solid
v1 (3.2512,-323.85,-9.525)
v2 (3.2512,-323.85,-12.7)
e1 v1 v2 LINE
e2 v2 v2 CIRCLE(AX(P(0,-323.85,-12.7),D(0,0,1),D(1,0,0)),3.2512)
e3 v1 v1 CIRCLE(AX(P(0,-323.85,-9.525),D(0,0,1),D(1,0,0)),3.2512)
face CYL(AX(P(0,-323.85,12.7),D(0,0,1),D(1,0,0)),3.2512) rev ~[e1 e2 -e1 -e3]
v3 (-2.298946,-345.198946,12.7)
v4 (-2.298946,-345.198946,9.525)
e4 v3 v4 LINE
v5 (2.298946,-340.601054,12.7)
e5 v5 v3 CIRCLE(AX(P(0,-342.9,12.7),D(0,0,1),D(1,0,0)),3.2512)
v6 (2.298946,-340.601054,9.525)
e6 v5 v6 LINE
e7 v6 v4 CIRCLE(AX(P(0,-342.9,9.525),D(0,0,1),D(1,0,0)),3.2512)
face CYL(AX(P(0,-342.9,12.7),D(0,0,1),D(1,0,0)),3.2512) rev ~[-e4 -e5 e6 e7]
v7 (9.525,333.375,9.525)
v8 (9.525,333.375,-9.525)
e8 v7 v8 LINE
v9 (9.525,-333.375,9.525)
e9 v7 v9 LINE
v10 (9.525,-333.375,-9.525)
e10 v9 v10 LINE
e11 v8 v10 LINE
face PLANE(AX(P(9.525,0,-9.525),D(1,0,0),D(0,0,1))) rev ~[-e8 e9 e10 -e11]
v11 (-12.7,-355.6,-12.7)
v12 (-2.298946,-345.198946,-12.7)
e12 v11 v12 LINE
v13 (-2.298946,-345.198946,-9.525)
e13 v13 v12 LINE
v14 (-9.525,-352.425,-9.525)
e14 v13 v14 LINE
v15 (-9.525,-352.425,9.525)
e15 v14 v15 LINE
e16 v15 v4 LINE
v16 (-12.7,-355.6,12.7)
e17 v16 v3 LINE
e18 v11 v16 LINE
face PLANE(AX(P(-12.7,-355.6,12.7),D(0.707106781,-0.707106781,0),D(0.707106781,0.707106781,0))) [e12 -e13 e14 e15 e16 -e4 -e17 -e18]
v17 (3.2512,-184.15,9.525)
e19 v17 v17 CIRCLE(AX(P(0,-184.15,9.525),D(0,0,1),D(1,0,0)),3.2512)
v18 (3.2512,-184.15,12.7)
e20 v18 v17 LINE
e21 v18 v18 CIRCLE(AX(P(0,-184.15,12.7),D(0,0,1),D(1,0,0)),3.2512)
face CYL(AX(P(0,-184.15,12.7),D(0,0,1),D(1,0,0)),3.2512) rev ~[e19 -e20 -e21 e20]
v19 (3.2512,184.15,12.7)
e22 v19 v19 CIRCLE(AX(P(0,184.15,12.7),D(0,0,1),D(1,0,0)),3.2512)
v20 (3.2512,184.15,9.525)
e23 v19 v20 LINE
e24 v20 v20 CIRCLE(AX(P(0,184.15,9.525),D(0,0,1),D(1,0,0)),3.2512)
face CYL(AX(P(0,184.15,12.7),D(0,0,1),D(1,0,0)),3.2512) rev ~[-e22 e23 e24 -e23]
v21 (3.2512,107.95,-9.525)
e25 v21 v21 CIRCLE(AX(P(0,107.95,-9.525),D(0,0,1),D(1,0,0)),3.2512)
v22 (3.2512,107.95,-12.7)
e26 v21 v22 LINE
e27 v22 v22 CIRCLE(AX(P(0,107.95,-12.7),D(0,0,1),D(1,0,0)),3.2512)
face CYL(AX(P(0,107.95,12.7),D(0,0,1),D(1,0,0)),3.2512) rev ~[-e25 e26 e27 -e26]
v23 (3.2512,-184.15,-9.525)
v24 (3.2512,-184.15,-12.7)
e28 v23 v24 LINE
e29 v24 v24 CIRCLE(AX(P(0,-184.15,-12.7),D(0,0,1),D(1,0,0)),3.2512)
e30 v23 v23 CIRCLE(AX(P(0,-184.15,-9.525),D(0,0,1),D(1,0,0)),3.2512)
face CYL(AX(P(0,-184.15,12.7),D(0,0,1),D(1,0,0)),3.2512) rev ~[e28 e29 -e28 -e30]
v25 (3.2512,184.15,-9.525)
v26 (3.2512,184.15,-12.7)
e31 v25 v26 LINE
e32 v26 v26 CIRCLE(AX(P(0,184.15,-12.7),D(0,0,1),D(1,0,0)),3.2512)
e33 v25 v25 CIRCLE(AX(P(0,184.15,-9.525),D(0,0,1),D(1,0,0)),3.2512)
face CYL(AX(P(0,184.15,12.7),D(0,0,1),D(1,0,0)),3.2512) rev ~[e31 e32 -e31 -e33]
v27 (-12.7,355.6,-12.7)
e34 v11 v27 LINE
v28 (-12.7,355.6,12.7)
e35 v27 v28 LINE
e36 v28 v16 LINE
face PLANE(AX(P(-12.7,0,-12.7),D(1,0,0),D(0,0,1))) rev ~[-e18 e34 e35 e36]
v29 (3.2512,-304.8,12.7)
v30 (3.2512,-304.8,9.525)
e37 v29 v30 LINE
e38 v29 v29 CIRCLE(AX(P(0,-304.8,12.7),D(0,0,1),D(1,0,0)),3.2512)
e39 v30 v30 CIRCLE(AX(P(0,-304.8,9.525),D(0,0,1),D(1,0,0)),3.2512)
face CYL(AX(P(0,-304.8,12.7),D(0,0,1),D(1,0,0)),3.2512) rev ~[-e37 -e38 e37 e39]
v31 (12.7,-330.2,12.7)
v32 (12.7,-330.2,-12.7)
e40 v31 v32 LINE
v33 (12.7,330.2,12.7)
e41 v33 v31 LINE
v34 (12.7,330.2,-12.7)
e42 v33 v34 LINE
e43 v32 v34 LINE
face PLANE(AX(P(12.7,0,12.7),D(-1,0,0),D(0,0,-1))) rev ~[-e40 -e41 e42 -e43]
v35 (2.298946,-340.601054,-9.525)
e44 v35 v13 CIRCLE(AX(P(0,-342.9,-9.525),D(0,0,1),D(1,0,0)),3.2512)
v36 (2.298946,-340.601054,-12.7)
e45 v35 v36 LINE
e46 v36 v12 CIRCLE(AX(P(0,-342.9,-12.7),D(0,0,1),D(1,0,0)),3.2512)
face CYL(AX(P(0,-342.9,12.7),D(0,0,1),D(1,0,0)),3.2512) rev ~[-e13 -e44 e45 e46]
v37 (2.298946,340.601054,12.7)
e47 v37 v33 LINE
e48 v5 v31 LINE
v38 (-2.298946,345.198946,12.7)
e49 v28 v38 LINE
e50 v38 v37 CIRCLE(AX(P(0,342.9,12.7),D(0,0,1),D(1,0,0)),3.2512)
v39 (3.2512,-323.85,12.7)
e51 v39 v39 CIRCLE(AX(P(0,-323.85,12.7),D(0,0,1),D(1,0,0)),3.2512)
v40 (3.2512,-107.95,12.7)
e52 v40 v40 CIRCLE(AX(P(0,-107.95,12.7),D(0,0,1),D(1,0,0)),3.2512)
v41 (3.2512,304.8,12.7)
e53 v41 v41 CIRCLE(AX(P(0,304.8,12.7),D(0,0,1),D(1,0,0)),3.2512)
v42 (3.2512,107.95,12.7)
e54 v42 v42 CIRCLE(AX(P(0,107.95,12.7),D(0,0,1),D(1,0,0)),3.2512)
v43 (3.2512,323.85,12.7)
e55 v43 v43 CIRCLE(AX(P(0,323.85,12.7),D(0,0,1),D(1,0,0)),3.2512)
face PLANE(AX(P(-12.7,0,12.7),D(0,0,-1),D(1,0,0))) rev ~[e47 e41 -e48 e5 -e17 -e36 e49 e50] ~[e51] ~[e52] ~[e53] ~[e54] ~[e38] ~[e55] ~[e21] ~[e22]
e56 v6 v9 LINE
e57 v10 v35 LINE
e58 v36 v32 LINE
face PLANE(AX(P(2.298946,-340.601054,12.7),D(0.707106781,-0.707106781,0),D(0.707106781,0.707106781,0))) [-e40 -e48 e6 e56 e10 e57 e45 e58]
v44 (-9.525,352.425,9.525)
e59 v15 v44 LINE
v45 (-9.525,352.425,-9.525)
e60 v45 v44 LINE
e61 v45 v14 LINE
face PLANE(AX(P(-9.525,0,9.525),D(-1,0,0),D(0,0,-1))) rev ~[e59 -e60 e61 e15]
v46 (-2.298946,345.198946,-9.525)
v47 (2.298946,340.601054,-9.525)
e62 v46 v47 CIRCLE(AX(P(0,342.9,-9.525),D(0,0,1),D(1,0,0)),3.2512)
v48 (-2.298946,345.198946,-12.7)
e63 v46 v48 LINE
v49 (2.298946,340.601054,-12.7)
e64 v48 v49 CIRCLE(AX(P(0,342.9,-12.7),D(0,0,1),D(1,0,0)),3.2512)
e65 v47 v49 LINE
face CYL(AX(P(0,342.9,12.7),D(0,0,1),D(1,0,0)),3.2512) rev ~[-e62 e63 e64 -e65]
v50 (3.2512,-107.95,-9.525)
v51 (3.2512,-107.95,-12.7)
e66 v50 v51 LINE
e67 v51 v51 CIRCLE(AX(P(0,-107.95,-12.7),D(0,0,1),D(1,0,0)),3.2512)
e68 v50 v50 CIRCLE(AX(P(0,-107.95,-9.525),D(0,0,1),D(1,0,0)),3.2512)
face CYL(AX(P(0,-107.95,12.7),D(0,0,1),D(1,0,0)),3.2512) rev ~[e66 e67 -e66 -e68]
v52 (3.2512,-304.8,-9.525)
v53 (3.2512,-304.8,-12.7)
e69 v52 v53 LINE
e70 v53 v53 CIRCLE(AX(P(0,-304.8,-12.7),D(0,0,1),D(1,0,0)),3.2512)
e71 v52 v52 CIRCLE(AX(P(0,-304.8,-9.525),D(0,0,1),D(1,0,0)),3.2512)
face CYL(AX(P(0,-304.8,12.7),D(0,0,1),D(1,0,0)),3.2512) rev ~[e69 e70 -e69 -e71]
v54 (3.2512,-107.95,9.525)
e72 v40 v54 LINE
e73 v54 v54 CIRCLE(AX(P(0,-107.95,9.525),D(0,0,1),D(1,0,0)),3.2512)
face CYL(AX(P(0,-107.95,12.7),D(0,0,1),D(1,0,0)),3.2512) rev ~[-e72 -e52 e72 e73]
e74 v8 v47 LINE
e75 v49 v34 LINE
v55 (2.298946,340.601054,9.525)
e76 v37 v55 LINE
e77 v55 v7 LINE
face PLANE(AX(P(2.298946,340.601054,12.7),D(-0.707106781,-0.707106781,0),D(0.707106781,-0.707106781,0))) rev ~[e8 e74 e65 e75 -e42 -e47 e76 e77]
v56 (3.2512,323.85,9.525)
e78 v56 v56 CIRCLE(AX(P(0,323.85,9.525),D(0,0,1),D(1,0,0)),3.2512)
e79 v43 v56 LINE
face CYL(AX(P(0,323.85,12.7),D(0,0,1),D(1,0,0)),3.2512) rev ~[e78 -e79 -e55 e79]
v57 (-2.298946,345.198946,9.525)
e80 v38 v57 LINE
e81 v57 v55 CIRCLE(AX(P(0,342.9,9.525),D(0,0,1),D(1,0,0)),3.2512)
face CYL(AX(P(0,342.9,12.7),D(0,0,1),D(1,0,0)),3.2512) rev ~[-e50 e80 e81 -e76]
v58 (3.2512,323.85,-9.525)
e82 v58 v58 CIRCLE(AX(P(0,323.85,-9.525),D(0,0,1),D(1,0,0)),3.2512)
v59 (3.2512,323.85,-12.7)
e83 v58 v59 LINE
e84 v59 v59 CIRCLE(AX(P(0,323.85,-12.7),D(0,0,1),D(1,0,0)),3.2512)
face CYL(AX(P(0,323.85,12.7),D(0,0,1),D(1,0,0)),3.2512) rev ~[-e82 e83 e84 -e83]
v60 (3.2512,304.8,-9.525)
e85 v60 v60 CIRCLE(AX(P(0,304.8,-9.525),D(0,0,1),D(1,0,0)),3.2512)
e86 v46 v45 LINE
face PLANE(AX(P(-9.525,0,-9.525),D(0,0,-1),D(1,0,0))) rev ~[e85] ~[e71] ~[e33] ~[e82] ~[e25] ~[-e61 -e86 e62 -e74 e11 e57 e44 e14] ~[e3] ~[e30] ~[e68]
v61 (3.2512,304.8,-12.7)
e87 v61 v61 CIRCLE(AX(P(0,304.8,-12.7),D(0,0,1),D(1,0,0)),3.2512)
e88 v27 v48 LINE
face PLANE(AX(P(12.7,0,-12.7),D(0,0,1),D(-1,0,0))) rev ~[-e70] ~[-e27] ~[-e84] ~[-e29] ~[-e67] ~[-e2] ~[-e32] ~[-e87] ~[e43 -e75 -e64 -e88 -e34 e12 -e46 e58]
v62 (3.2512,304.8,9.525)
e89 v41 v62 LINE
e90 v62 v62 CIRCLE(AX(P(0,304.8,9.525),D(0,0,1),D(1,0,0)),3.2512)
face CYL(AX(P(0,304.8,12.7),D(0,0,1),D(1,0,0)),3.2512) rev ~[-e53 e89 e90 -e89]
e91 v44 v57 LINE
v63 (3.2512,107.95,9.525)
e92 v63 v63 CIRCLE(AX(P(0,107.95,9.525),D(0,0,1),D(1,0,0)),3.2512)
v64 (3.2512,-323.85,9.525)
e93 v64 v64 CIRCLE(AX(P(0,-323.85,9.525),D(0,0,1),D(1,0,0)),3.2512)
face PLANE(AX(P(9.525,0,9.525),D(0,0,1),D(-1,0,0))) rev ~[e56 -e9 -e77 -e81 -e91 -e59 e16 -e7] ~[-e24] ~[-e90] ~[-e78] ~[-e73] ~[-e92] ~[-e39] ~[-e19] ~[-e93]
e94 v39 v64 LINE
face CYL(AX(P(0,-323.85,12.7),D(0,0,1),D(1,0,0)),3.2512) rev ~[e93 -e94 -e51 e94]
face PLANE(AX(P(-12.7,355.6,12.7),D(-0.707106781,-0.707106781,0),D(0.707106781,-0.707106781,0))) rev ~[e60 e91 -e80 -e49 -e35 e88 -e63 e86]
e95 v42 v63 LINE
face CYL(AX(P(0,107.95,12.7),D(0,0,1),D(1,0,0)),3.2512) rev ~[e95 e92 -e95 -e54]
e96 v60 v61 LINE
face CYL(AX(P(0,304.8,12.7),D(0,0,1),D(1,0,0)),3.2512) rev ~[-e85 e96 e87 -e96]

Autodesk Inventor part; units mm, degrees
ref_plane "YZ Plane" through (0, 0, 0) normal (1, 0, 0) x (0, 1, 0)
ref_plane "XZ Plane" through (0, 0, 0) normal (0, 1, 0) x (-1, 0, 0)
ref_plane "XY Plane" through (0, 0, 0) normal (0, 0, 1) x (1, 0, 0)
sketch "Sketch1" plane through (0, 0, 0) normal (0, 1, 0) x (-1, 0, 0)
  line L0 (-12.7, -12.7) -> (12.7, -12.7)
  line L1 (12.7, -12.7) -> (12.7, 12.7)
  line L2 (12.7, 12.7) -> (-12.7, 12.7)
  line L3 (-12.7, 12.7) -> (-12.7, -12.7)
  line L4 (-12.7, -12.7) -> (12.7, 12.7) construction
  line L5 (12.7, -12.7) -> (-12.7, 12.7) construction
  line L6 (9.525, 9.525) -> (9.525, -9.525)
  line L7 (9.525, -9.525) -> (-9.525, -9.525)
  line L8 (-9.525, -9.525) -> (-9.525, 9.525)
  line L9 (-9.525, 9.525) -> (9.525, 9.525)
  point P0 (0, 0)
  dimension "d0" = 25.4
  dimension "d1" = 25.4
  dimension "d2" = 3.175
extrude "Extrusion1" add sketch "Sketch1" along normal mid plane 711.2
sketch "Sketch2" plane through (-12.7, 355.6, 12.7) normal (0, 0, 1) x (1, 0, 0)
  line L0 (0, 0) -> (25.4, 0) projected
  line L1 (0, 0) -> (25.4, -25.4)
  line L2 (25.4, -711.2) -> (25.4, 0) projected
  circle A0 centre (12.7, -31.75) radius 3.2512
  circle A1 centre (12.7, -50.8) radius 3.2512
  line L3 (0, -711.2) -> (0, 0) projected
  line L4 (0, -355.6) -> (25.4, -355.6) construction
  line L5 (0, -711.2) -> (25.4, -711.2)
  line L6 (0, -711.2) -> (25.4, -685.8)
  circle A2 centre (12.7, -679.45) radius 3.2512
  circle A3 centre (12.7, -660.4) radius 3.2512
  circle A4 centre (12.7, -12.7) radius 3.2512
  circle A5 centre (12.7, -698.5) radius 3.2512
  point P0 (12.7, -355.6)
  point P1 (12.7, 0)
  point P2 (12.7, -711.2)
  point P3 (14.9989, -14.9989)
  point P4 (10.4011, -10.4011)
  point P5 (14.9989, -696.2011)
  point P6 (10.4011, -700.7989)
  dimension "d5" = 25.4
  dimension "d6" = 6.5024
  dimension "d7" = 31.75
  dimension "d8" = 19.05
extrude "Extrusion2" cut sketch "Sketch2" against normal blind 711.2 contours L0 L2 L1 A4 | A4 L1 | L1 A4 | L6 A5 L2 L5 | A5 L6 | L6 A5 | A0 | A1 | A2 | A3
sketch "Sketch4" plane through (-12.7, -355.6, 12.7) normal (0, 0, 1) x (1, 0, 0)
  line L0 (0, 0) -> (0, 711.2) construction
  line L1 (0, 355.6) -> (25.4, 355.6) construction
  line L2 (25.4, 25.4) -> (25.4, 685.8) construction
  circle A0 centre (12.7, 171.45) radius 3.2512
  circle A1 centre (12.7, 539.75) radius 3.2512
  point P0 (12.7, 355.6)
  dimension "d23" = 6.5024
  dimension "d24" = 6.5024
  dimension "d25" = 184.15
extrude "Extrusion4" cut sketch "Sketch4" against normal blind 25.4
sketch "Sketch5" plane through (12.7, -330.2, -12.7) normal (1, 0, 0) x (0, 0, -1)
  line L0 (0, 685.8) -> (0, -25.4) projected
  line L1 (0, 330.2) -> (-25.4, 330.2)
  line L2 (-25.4, 0) -> (-25.4, 660.4) projected
  circle A0 centre (-12.7, 279.4) radius 3.2512
  circle A1 centre (-12.7, 381) radius 3.2512
  line L3 (-25.4, -25.4) -> (0, -25.4) projected
  point P0 (-12.7, 330.2)
  point P1 (-12.7, 330.2)
  dimension "d26" = 6.5024
  dimension "d27" = 304.8
extrude "Extrusion5" [suppressed]
sketch "Sketch9" plane through (-12.7, -355.6, 12.7) normal (0, 0, 1) x (1, 0, 0)
  line L0 (0, 0) -> (0, 711.2) projected
  line L1 (0, 355.6) -> (25.4, 355.6)
  line L2 (25.4, 25.4) -> (25.4, 685.8) construction
  line L3 (12.7, 247.65) -> (12.7, 463.55) construction
  circle A0 centre (12.7, 463.55) radius 3.2512
  circle A1 centre (12.7, 247.65) radius 3.2512
  point P0 (12.7, 355.6)
  point P1 (12.7, 355.6)
  dimension "d36" = 215.9
  dimension "d37" = 6.5024
extrude "Extrusion6" cut sketch "Sketch9" against normal blind 25.4
properties part number "STRU_003_BilletPole_28in_Angled_Unique" material "Aluminum 6061"
